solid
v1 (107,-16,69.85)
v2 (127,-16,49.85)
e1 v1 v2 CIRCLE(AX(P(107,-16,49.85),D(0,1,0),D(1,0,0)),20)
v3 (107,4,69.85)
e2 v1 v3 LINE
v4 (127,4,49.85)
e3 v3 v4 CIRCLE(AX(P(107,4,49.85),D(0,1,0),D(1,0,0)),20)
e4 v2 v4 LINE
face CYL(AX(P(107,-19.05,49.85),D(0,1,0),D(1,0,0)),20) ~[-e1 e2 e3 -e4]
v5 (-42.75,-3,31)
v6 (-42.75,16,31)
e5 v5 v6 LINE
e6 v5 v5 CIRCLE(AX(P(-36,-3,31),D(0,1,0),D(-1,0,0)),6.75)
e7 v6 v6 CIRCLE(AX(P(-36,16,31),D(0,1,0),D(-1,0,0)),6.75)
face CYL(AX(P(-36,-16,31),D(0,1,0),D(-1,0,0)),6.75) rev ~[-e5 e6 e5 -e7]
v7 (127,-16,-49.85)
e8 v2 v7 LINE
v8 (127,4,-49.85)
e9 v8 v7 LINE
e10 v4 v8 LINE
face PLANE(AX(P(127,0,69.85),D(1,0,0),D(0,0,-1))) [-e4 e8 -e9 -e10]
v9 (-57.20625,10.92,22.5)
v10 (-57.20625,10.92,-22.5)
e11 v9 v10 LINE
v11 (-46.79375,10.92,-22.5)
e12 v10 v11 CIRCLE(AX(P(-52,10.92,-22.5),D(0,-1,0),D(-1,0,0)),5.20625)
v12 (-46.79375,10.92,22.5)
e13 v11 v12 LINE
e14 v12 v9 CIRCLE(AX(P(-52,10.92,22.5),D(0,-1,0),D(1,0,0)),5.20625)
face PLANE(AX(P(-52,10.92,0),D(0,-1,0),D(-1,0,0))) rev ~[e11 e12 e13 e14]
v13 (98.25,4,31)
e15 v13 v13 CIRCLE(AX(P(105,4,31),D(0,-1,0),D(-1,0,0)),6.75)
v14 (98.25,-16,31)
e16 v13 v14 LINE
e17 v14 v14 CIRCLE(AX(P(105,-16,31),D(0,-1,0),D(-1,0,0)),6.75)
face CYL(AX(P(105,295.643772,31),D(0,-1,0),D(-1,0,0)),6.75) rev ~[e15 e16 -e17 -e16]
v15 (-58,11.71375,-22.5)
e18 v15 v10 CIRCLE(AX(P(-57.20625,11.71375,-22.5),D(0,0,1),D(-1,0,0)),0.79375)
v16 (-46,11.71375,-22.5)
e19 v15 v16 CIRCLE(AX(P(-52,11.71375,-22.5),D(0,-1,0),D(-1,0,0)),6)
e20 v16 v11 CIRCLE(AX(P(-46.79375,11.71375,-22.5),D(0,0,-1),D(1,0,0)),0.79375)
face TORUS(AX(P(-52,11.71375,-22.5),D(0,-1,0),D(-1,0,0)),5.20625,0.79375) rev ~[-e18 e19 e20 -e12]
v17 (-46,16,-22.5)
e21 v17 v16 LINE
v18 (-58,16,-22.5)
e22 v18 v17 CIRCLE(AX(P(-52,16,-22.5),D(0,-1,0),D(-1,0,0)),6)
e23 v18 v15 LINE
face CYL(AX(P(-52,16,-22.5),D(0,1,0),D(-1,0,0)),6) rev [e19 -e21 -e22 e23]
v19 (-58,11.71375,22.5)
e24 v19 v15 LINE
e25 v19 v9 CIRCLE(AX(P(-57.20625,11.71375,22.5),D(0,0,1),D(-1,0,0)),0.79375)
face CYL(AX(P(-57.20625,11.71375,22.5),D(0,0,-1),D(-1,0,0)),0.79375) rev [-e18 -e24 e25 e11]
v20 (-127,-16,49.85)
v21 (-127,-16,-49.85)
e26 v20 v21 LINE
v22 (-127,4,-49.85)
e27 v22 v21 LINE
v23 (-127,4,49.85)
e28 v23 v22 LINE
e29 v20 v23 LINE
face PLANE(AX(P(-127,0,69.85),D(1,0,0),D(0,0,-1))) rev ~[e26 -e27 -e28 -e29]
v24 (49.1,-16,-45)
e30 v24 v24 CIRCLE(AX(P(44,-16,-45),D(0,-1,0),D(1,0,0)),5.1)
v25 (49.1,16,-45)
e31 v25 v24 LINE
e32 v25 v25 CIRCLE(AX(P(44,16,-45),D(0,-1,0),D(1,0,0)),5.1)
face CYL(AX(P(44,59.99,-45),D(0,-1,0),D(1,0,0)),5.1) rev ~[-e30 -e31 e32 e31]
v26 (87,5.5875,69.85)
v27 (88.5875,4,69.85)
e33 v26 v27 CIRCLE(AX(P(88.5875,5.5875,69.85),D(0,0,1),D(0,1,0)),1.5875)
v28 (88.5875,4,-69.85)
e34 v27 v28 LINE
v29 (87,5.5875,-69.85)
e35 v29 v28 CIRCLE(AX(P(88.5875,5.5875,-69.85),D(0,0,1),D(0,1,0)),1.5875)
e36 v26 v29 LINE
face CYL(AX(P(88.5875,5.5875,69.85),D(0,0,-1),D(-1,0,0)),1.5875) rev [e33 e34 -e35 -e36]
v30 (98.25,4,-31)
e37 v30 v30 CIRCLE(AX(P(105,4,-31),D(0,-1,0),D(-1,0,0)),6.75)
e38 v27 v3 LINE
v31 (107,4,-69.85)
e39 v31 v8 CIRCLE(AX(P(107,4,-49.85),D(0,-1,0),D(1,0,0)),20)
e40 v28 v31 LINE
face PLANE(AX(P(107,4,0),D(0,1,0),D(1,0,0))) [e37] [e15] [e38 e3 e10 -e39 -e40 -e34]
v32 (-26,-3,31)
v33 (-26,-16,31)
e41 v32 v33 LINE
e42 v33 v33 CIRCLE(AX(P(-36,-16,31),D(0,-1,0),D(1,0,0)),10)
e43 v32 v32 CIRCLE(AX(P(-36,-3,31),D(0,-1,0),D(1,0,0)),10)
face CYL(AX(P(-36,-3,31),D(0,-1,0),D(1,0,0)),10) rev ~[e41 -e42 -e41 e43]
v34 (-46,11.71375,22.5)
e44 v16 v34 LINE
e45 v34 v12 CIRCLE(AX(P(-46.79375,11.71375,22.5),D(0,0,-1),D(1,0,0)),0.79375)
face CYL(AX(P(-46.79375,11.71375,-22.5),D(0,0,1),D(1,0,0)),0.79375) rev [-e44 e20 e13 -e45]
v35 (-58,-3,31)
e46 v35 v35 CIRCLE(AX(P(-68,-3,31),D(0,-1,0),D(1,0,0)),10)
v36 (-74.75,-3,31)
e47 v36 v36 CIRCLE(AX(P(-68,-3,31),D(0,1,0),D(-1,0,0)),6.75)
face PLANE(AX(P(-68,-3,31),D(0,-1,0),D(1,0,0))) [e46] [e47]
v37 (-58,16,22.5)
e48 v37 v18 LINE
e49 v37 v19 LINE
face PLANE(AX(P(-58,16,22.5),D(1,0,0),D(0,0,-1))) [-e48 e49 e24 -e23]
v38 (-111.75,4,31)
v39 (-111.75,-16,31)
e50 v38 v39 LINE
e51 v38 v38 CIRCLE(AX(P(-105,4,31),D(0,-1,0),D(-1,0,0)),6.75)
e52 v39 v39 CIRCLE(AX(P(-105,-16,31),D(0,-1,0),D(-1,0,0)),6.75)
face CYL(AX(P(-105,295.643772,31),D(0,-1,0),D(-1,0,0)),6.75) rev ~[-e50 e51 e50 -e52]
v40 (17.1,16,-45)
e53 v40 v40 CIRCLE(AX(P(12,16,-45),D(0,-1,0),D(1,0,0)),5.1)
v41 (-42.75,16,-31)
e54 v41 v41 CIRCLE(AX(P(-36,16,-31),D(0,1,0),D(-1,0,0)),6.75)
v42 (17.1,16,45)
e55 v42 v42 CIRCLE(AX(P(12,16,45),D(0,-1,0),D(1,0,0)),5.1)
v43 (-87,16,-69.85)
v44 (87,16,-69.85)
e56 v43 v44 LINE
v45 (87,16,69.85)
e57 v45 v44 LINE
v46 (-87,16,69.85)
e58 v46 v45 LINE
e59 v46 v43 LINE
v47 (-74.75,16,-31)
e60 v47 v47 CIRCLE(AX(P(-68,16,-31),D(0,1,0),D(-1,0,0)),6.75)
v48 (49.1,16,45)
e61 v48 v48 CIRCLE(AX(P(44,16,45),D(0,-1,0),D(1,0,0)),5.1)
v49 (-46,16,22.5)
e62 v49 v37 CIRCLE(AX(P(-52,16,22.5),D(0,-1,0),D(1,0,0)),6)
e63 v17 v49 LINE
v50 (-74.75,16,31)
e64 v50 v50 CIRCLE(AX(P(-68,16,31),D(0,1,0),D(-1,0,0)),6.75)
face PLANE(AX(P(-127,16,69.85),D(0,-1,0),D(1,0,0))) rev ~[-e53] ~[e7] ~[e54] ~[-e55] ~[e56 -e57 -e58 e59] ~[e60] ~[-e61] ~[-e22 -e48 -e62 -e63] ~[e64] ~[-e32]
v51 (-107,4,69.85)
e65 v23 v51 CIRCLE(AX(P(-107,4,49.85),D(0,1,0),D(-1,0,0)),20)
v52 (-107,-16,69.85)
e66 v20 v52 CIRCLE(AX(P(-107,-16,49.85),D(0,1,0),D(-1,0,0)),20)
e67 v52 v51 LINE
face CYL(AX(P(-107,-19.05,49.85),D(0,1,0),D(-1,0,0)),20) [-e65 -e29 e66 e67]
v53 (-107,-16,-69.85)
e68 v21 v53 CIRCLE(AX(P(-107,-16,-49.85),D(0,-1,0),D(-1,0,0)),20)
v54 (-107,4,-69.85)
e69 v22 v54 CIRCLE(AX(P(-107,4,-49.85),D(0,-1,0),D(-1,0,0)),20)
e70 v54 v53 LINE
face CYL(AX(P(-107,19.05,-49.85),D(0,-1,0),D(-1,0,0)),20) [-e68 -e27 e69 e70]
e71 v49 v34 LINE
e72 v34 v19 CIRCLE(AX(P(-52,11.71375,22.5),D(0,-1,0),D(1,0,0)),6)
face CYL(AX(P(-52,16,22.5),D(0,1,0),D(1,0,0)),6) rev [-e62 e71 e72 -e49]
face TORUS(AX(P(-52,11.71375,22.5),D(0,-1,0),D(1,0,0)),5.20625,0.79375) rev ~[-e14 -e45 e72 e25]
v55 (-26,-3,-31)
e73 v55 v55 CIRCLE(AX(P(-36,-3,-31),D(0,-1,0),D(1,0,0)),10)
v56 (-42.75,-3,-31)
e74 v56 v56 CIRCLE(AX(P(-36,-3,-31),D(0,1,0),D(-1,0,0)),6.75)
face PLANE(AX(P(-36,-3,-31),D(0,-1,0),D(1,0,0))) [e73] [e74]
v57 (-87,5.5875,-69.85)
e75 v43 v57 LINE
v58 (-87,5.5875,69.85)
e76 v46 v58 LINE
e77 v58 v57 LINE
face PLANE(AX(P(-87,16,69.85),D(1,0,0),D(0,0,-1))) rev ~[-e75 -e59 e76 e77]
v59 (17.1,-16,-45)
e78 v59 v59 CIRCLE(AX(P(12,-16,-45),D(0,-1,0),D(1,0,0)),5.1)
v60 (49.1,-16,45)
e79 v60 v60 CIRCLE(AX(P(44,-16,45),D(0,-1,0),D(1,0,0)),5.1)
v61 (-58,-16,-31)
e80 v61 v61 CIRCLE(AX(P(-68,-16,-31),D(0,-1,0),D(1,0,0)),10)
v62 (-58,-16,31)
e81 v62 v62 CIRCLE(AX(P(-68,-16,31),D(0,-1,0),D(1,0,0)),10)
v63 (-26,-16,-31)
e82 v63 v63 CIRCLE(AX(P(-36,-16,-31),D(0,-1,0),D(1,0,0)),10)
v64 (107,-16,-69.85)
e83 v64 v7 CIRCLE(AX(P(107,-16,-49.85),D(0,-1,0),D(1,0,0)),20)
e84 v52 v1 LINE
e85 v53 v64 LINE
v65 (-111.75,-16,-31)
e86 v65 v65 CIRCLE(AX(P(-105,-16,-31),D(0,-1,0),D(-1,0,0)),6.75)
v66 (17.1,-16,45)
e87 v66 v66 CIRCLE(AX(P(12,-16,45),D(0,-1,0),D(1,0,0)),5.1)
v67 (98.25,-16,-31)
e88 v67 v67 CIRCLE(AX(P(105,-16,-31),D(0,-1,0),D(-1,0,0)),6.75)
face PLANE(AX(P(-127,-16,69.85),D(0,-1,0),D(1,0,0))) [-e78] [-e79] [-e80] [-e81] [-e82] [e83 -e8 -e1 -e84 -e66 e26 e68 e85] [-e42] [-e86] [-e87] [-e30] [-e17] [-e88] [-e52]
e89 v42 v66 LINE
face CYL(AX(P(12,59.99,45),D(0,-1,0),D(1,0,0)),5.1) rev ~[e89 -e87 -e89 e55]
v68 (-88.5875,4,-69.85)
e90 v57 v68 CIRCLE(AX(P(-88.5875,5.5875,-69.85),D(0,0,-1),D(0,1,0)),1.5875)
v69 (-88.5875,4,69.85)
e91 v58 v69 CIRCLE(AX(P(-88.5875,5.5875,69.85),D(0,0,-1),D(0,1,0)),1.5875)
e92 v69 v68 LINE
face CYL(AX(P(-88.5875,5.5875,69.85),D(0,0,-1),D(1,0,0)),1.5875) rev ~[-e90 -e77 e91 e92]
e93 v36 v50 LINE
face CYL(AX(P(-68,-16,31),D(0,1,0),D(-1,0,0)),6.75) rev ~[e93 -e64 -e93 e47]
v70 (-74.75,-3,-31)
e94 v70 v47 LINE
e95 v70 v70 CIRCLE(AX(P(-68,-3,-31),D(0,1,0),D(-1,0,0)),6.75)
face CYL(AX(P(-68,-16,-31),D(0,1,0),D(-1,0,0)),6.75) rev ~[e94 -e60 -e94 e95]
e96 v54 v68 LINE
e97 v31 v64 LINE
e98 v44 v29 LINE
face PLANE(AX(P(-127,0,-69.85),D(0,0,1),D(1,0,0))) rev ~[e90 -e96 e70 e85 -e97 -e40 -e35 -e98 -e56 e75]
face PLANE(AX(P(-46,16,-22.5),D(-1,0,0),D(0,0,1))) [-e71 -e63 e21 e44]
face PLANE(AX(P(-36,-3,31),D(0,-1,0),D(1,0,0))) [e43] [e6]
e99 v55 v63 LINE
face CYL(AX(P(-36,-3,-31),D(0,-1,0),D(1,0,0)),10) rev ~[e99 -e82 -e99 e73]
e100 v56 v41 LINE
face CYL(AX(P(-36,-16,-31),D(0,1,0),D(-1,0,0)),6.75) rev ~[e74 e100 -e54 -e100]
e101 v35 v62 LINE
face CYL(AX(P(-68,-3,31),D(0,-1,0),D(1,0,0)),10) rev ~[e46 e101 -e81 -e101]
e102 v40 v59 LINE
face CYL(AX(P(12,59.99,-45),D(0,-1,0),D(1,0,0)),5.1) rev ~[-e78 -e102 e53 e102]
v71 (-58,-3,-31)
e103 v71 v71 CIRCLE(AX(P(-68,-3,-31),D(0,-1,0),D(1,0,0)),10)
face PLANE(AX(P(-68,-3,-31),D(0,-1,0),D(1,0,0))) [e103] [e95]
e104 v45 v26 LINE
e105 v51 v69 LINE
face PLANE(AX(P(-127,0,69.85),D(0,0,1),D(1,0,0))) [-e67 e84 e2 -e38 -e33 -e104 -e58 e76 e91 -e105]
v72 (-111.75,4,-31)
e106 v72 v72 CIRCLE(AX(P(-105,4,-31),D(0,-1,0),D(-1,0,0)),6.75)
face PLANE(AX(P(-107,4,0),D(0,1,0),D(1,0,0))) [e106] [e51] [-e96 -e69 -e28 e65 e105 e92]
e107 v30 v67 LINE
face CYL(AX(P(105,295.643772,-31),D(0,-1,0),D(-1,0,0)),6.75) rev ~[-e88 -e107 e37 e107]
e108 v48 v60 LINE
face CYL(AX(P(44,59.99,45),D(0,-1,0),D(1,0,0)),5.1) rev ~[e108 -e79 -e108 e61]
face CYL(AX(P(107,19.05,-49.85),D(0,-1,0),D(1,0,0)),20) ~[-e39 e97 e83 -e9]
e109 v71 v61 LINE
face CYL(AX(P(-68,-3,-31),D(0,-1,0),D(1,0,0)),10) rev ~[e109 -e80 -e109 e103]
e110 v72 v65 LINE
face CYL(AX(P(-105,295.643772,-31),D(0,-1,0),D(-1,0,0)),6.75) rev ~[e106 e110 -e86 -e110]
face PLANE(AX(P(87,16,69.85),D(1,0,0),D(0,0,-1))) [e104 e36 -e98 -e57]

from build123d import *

# Parameters (mm, degrees)
SKETCH1_W                                            = 254
SKETCH1_H                                            = 139.7
BOSS_EXTRUDE1_DEPTH                                  = 19.05
FILLET1_R                                            = 20
SKETCH2_W                                            = 254
SKETCH2_H                                            = 3.05
CUT_EXTRUDE1_DEPTH                                   = 190.757720528
SKETCH8_W                                            = 40
SKETCH8_H                                            = 139.7
CUT_EXTRUDE2_DEPTH                                   = 12
M12_TAPPED_HOLE2_D                                   = 10.2
M12_TAPPED_HOLE2_DEPTH                               = 43.99
M12_TAPPED_HOLE2_TIP                                 = 3.064389157
M12_CLEARANCE_HOLE1_D                                = 13.5
CBORE_FOR_M12_HEX_SOCKET_HEAD_CAP_SCREW1_D           = 13.5
CBORE_FOR_M12_HEX_SOCKET_HEAD_CAP_SCREW1_CBORE_D     = 20
CBORE_FOR_M12_HEX_SOCKET_HEAD_CAP_SCREW1_CBORE_DEPTH = 13
CUT_EXTRUDE3_DEPTH                                   = 5.08
FILLET2_R                                            = 0.79375
FILLET3_R                                            = 1.5875


with BuildPart() as part:
    # Sketch1 → Boss-Extrude1 (new, symmetric)
    with BuildSketch(Plane(origin=(0, 0, 0), x_dir=(1, 0, 0), z_dir=(0, 1, 0))):
        Rectangle(SKETCH1_W, SKETCH1_H)
    extrude(amount=BOSS_EXTRUDE1_DEPTH, both=True)

    # Fillet1
    fillet1_edges = [part.edges().sort_by_distance(p)[0] for p in [
        (-127, 0, -69.85),
        (127, 0, -69.85),
        (127, 0, 69.85),
        (-127, 0, 69.85),
    ]]
    fillet(fillet1_edges, radius=FILLET1_R)

    # Sketch2 → Cut-Extrude1 (cut, through all)
    with BuildSketch(Plane.XY.offset(69.85)):
        with Locations((0, 17.525)):
            Rectangle(SKETCH2_W, SKETCH2_H)
        with Locations((0, -17.525)):
            Rectangle(SKETCH2_W, SKETCH2_H)
    extrude(amount=-CUT_EXTRUDE1_DEPTH, mode=Mode.SUBTRACT)

    # Sketch8 → Cut-Extrude2 (cut)
    with BuildSketch(Plane(origin=(0, 16, 0), x_dir=(1, 0, 0), z_dir=(0, 1, 0))):
        with Locations((-107, 0)):
            Rectangle(SKETCH8_W, SKETCH8_H)
        with Locations((107, 0)):
            Rectangle(SKETCH8_W, SKETCH8_H)
    extrude(amount=-CUT_EXTRUDE2_DEPTH, mode=Mode.SUBTRACT)

    # M12 Tapped Hole2
    with Locations(Plane(origin=(0, 16, 0), x_dir=(-1, 0, 0), z_dir=(0, 1, 0))):
        with Locations((-12, 45), (-12, -45), (-44, -45), (-44, 45)):
            Hole(M12_TAPPED_HOLE2_D / 2, depth=M12_TAPPED_HOLE2_DEPTH)
            with Locations((0, 0, -(M12_TAPPED_HOLE2_DEPTH + M12_TAPPED_HOLE2_TIP / 2))):  # 118° drill point
                Cone(0, M12_TAPPED_HOLE2_D / 2, M12_TAPPED_HOLE2_TIP, mode=Mode.SUBTRACT)

    # M12 Clearance Hole1 (through all)
    with Locations(Plane(origin=(0, 4, 0), x_dir=(1, 0, 0), z_dir=(0, 1, 0))):
        with Locations((-105, 31), (-105, -31), (105, 31), (105, -31)):
            Hole(M12_CLEARANCE_HOLE1_D / 2)

    # CBORE for M12 Hex Socket Head Cap Screw1 (through all)
    with Locations(Plane.XZ.offset(16)):
        with Locations((-36, -31), (-68, 31), (-36, 31), (-68, -31)):
            CounterBoreHole(CBORE_FOR_M12_HEX_SOCKET_HEAD_CAP_SCREW1_D / 2, CBORE_FOR_M12_HEX_SOCKET_HEAD_CAP_SCREW1_CBORE_D / 2, CBORE_FOR_M12_HEX_SOCKET_HEAD_CAP_SCREW1_CBORE_DEPTH)

    # Sketch11 → Cut-Extrude3 (cut)
    with BuildSketch(Plane(origin=(0, 16, 0), x_dir=(1, 0, 0), z_dir=(0, 1, 0))):
        with BuildLine():
            Line((-46, 22.5), (-46, -22.5))
            ThreePointArc((-46, -22.5), (-52, -28.5), (-58, -22.5))
            Line((-58, -22.5), (-58, 22.5))
            ThreePointArc((-58, 22.5), (-52, 28.5), (-46, 22.5))
        make_face()
    extrude(amount=-CUT_EXTRUDE3_DEPTH, mode=Mode.SUBTRACT)

    # Fillet2
    fillet2_edges = [part.edges().sort_by_distance(p)[0] for p in [
        (-52, 10.92, -28.5),
        (-46, 10.92, 0),
        (-52, 10.92, 28.5),
        (-58, 10.92, 0),
    ]]
    fillet(fillet2_edges, radius=FILLET2_R)

    # Fillet3
    fillet3_edges = [part.edges().sort_by_distance(p)[0] for p in [
        (-87, 4, 0),
        (87, 4, 0),
    ]]
    fillet(fillet3_edges, radius=FILLET3_R)


solid = part.part
